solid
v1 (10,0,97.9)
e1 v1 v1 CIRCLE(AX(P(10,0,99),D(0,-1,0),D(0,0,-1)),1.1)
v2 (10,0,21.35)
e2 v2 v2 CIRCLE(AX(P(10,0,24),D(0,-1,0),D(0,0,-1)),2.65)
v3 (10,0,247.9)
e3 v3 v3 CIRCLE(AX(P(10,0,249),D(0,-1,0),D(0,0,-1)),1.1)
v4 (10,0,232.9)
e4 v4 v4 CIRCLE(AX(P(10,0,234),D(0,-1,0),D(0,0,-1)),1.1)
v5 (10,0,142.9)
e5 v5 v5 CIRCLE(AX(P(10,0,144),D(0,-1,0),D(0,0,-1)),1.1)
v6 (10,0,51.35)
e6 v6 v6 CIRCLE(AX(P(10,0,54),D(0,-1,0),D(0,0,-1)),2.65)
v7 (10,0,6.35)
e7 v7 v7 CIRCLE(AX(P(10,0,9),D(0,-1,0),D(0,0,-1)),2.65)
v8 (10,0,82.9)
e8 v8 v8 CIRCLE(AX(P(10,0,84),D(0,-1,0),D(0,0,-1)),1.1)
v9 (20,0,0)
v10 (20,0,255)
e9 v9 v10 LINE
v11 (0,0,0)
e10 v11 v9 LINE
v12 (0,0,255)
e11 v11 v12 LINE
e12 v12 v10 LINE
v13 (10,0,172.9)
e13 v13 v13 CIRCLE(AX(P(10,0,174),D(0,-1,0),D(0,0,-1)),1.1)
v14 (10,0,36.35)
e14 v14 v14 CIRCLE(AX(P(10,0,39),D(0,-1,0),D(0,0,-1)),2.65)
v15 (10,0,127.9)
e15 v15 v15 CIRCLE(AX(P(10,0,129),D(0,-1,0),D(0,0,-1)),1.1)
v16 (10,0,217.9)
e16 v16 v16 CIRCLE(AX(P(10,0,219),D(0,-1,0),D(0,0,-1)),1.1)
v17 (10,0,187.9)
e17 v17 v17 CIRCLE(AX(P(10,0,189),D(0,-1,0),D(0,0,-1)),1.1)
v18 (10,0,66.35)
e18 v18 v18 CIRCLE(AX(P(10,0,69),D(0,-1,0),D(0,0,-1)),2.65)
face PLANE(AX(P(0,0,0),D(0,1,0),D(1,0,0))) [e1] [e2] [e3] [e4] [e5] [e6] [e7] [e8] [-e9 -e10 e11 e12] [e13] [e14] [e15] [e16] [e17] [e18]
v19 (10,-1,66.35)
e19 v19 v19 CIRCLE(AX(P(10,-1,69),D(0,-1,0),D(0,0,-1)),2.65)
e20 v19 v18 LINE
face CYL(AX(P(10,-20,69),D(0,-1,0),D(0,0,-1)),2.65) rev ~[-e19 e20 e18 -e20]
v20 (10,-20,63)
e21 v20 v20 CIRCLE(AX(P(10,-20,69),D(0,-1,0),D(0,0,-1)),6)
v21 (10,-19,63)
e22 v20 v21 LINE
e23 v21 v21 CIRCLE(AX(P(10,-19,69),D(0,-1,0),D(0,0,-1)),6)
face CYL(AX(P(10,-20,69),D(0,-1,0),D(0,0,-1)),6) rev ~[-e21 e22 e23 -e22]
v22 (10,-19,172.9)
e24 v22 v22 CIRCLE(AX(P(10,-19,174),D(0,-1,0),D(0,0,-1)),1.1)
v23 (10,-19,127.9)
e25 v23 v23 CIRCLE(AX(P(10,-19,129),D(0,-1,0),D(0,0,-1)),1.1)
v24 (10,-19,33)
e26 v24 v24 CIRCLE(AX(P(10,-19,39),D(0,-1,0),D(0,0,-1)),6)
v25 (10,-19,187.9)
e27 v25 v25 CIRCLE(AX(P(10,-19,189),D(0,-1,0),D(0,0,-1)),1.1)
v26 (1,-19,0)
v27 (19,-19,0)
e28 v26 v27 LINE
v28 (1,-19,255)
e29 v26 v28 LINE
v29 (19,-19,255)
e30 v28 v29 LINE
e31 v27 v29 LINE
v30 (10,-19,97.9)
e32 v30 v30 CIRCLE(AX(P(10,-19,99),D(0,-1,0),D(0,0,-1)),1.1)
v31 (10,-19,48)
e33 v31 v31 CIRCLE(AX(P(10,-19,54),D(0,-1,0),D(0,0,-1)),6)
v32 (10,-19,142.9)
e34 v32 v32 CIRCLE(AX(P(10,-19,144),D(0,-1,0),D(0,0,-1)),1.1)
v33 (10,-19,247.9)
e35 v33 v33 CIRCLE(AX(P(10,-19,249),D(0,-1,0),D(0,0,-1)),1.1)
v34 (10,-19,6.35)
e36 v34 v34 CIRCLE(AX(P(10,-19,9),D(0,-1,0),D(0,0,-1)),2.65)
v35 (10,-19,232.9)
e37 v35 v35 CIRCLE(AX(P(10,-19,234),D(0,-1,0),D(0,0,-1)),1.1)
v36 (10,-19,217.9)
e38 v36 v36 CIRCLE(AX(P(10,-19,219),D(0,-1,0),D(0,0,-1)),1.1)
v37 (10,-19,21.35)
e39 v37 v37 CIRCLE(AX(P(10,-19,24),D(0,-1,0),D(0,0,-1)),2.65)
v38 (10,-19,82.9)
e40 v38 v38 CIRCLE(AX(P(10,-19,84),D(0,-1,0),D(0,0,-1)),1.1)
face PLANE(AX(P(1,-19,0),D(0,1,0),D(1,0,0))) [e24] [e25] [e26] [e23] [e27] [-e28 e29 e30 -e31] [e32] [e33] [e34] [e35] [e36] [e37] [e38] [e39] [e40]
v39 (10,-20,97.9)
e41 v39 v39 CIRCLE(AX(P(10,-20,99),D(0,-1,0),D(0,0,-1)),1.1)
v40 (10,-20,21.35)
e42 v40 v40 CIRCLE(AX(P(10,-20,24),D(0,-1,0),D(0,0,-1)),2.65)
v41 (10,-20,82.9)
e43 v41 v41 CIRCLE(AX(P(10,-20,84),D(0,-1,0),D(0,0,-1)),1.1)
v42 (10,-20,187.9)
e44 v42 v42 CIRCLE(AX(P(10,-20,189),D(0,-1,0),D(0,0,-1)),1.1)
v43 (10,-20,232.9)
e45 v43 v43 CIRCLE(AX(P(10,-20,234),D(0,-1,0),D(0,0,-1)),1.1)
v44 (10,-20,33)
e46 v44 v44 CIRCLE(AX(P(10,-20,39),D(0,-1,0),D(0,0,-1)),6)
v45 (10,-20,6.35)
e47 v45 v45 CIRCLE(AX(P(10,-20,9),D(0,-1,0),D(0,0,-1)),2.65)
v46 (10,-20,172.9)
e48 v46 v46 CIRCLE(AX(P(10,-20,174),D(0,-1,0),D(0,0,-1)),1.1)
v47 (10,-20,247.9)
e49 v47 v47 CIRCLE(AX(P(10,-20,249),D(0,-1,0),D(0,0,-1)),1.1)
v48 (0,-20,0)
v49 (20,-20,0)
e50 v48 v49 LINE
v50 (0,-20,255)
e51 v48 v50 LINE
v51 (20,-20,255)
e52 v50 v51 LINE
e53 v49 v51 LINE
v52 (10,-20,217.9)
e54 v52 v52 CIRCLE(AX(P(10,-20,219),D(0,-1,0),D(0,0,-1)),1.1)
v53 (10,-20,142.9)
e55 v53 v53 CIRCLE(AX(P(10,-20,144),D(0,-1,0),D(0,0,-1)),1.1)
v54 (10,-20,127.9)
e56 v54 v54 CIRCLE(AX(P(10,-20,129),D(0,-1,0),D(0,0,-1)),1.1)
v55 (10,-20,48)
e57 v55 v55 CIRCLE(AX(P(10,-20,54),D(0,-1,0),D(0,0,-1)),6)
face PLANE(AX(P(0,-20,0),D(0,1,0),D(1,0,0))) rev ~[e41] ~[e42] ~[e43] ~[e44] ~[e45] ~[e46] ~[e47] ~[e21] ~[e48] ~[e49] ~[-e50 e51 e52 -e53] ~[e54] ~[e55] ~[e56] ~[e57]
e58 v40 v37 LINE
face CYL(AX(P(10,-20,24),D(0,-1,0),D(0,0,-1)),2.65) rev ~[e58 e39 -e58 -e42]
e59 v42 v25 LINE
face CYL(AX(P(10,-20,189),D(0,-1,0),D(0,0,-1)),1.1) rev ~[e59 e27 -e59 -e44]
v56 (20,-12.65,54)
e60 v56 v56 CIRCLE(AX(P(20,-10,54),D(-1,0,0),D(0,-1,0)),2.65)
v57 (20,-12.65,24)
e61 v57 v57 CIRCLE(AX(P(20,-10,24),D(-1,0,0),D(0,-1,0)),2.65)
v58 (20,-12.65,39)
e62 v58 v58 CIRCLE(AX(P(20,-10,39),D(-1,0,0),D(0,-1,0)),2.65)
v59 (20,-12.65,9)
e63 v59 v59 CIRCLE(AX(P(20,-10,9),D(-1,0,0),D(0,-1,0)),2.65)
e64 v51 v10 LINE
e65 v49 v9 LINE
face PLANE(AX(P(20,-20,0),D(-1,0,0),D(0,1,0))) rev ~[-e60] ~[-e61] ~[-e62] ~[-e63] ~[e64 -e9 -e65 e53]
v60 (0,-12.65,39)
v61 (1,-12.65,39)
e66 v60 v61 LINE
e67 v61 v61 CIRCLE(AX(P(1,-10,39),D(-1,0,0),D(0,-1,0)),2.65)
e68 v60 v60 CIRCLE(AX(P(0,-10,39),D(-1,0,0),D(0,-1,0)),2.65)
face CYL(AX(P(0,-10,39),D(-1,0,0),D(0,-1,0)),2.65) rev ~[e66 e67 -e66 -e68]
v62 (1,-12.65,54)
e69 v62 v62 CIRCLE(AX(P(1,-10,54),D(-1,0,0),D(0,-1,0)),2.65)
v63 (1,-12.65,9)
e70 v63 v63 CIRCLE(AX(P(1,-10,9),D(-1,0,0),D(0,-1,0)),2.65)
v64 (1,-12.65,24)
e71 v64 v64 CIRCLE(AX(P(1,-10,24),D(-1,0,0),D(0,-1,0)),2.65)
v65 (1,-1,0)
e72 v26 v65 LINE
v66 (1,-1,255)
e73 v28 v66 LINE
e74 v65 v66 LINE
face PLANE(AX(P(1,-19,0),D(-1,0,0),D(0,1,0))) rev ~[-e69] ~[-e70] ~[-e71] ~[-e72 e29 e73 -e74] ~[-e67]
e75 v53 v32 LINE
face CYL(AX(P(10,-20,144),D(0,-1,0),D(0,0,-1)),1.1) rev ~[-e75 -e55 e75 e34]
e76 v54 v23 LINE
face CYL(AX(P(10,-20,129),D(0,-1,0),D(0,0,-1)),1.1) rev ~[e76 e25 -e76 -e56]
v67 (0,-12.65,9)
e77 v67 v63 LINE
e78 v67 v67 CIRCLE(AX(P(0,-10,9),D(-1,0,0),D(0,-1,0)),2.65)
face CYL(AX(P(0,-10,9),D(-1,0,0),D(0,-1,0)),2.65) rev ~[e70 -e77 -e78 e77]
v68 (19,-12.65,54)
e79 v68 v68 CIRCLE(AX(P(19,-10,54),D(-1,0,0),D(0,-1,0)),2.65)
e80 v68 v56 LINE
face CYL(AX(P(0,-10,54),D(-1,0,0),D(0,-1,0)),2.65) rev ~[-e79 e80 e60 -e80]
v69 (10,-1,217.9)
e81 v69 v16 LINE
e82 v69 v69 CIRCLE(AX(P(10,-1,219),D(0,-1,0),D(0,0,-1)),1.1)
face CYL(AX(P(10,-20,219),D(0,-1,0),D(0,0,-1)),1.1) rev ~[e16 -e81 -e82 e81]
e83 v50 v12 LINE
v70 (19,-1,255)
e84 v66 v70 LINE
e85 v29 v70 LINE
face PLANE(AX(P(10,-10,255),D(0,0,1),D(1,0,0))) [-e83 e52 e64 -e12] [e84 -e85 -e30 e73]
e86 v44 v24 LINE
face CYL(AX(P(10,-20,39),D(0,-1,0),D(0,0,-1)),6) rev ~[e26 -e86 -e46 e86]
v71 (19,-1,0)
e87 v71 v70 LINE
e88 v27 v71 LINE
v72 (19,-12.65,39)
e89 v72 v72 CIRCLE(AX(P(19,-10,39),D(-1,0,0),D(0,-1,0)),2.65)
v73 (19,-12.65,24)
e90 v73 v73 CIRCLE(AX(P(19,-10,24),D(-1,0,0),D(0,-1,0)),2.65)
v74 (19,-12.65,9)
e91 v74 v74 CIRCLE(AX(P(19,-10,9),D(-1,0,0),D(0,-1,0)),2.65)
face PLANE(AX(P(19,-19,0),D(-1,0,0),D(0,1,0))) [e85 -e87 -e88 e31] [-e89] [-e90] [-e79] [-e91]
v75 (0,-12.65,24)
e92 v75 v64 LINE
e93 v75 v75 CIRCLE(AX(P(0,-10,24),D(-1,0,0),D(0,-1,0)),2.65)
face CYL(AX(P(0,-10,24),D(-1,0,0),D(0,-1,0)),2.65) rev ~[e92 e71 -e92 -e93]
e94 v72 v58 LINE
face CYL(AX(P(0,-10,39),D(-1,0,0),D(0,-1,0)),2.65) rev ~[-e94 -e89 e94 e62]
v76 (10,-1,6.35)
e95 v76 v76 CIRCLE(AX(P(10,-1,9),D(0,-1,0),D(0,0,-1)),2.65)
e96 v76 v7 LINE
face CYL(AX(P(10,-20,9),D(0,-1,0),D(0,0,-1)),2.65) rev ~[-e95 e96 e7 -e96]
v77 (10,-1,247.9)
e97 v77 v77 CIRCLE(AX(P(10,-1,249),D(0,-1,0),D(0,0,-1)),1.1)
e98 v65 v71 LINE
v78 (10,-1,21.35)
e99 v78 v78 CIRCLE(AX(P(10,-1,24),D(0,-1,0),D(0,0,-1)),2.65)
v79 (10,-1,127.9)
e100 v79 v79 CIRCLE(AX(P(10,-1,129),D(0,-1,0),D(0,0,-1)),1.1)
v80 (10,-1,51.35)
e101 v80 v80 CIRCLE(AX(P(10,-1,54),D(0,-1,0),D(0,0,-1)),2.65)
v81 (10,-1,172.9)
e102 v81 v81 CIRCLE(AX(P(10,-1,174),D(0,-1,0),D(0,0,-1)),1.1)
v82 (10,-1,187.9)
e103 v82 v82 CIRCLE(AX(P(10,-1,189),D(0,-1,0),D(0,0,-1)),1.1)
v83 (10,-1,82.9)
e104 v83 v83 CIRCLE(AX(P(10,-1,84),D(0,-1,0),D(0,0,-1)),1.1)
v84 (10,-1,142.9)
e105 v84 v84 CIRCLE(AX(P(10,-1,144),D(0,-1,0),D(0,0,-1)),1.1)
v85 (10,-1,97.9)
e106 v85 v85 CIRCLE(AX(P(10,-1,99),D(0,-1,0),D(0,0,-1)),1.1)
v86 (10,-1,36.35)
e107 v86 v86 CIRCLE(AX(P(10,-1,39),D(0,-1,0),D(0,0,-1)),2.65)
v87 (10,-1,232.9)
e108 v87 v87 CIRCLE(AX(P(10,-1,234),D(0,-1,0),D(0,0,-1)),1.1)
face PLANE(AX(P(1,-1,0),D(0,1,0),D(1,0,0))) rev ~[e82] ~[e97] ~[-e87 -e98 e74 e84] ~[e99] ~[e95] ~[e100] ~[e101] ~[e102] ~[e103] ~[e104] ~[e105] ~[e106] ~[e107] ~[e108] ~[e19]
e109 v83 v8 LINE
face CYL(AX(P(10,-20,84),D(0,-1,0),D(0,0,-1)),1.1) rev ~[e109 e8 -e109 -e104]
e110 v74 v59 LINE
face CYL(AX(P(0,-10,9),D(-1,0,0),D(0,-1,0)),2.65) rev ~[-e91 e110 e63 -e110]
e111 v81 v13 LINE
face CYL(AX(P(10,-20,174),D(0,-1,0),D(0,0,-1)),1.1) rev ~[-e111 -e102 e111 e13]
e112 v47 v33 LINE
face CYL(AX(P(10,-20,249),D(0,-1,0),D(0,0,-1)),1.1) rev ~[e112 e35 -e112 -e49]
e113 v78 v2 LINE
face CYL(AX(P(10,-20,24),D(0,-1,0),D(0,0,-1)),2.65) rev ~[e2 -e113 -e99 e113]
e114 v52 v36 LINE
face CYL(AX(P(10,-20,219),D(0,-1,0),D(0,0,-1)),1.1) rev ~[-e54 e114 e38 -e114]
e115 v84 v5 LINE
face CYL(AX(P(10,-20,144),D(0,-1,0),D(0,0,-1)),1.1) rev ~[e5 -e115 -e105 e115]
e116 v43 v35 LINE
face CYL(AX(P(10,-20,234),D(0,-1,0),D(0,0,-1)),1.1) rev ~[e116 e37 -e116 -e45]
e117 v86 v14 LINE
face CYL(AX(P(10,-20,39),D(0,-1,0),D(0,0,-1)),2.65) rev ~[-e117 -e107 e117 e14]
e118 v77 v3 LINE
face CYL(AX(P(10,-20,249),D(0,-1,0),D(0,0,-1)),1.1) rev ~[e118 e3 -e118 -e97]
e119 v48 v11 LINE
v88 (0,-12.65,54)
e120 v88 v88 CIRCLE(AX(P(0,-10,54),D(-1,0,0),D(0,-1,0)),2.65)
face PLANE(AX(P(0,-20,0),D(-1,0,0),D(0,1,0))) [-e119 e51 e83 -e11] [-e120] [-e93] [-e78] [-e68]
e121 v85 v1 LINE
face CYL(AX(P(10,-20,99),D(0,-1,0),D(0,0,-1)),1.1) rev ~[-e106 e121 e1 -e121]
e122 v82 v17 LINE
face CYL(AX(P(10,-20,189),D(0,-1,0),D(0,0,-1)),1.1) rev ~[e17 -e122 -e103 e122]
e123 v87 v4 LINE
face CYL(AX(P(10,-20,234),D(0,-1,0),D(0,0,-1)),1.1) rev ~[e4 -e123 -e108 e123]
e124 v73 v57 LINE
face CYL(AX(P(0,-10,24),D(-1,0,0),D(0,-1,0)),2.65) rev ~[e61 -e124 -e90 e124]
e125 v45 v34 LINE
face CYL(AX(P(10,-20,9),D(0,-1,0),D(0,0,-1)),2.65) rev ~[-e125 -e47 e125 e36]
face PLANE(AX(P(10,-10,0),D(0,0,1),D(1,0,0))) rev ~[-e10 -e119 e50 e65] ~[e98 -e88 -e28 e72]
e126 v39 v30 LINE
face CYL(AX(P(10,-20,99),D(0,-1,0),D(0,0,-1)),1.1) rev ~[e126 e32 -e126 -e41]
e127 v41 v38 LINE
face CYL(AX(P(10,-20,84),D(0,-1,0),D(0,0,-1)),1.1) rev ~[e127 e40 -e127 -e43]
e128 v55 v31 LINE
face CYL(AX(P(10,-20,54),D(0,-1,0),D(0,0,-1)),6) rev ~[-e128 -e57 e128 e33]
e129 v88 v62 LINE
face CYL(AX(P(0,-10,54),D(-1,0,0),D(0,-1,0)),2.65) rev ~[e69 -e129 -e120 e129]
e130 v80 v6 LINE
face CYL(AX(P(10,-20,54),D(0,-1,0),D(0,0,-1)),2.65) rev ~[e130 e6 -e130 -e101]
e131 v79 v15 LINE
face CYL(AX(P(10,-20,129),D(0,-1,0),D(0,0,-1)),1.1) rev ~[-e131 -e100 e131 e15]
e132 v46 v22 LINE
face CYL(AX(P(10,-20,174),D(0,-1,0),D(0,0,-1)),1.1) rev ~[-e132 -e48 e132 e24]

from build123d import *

# Parameters (mm, degrees)
SKETCH_1_W          = 20
SKETCH_1_H          = 20
SKETCH_1_W_2        = 18
SKETCH_1_H_2        = 18
EXTRUDE_2_DEPTH     = 255
SKETCH_2_R          = 2.65
SKETCH_2_R_2        = 1.1
CUT_EXTRUDE_1_DEPTH = 20
SKETCH_5_R          = 2.65
CUT_EXTRUDE_2_DEPTH = 20
SKETCH_6_R          = 6
CUT_EXTRUDE_3_DEPTH = 10


with BuildPart() as part:
    # 草图1 → 凸台-拉伸2 (new body)
    with BuildSketch(Plane.XY):
        with Locations((10, -10)):
            Rectangle(SKETCH_1_W, SKETCH_1_H)
        with Locations((10, -10)):
            Rectangle(SKETCH_1_W_2, SKETCH_1_H_2, mode=Mode.SUBTRACT)
    extrude(amount=EXTRUDE_2_DEPTH)

    # 草图2 → 切除-拉伸1 (cut)
    with BuildSketch(Plane(origin=(0, -20, 0), x_dir=(-1, 0, 0), z_dir=(0, -1, 0))):
        with Locations(Location((-10, -9, 0), (0, 0, 90))):
            Circle(SKETCH_2_R)
        with Locations(Location((-10, -24, 0), (0, 0, 90))):
            Circle(SKETCH_2_R)
        with Locations(Location((-10, -39, 0), (0, 0, 90))):
            Circle(SKETCH_2_R)
        with Locations(Location((-10, -54, 0), (0, 0, 90))):
            Circle(SKETCH_2_R)
        with Locations(Location((-10, -69, 0), (0, 0, 90))):
            Circle(SKETCH_2_R)
        with Locations(Location((-10, -99, 0), (0, 0, 90))):
            Circle(SKETCH_2_R_2)
        with Locations(Location((-10, -129, 0), (0, 0, 90))):
            Circle(SKETCH_2_R_2)
        with Locations(Location((-10, -144, 0), (0, 0, 90))):
            Circle(SKETCH_2_R_2)
        with Locations(Location((-10, -174, 0), (0, 0, 90))):
            Circle(SKETCH_2_R_2)
        with Locations(Location((-10, -189, 0), (0, 0, 90))):
            Circle(SKETCH_2_R_2)
        with Locations(Location((-10, -219, 0), (0, 0, 90))):
            Circle(SKETCH_2_R_2)
        with Locations(Location((-10, -234, 0), (0, 0, 90))):
            Circle(SKETCH_2_R_2)
        with Locations(Location((-10, -249, 0), (0, 0, 90))):
            Circle(SKETCH_2_R_2)
        with Locations(Location((-10, -84, 0), (0, 0, 90))):
            Circle(SKETCH_2_R_2)
    extrude(amount=-CUT_EXTRUDE_1_DEPTH, mode=Mode.SUBTRACT)

    # 草图5 → 切除-拉伸2 (cut)
    with BuildSketch(Plane.ZY):
        with Locations(Location((9, -10, 0), (0, 0, 270))):
            Circle(SKETCH_5_R)
        with Locations(Location((24, -10, 0), (0, 0, 270))):
            Circle(SKETCH_5_R)
        with Locations(Location((39, -10, 0), (0, 0, 270))):
            Circle(SKETCH_5_R)
        with Locations(Location((54, -10, 0), (0, 0, 270))):
            Circle(SKETCH_5_R)
    extrude(amount=-CUT_EXTRUDE_2_DEPTH, mode=Mode.SUBTRACT)

    # 草图6 → 切除-拉伸3 (cut)
    with BuildSketch(Plane(origin=(0, -20, 0), x_dir=(-1, 0, 0), z_dir=(0, -1, 0))):
        with Locations(Location((-10, -39, 0), (0, 0, 90))):
            Circle(SKETCH_6_R)
        with Locations(Location((-10, -54, 0), (0, 0, 90))):
            Circle(SKETCH_6_R)
        with Locations(Location((-10, -69, 0), (0, 0, 90))):
            Circle(SKETCH_6_R)
    extrude(amount=-CUT_EXTRUDE_3_DEPTH, mode=Mode.SUBTRACT)


solid = part.part
